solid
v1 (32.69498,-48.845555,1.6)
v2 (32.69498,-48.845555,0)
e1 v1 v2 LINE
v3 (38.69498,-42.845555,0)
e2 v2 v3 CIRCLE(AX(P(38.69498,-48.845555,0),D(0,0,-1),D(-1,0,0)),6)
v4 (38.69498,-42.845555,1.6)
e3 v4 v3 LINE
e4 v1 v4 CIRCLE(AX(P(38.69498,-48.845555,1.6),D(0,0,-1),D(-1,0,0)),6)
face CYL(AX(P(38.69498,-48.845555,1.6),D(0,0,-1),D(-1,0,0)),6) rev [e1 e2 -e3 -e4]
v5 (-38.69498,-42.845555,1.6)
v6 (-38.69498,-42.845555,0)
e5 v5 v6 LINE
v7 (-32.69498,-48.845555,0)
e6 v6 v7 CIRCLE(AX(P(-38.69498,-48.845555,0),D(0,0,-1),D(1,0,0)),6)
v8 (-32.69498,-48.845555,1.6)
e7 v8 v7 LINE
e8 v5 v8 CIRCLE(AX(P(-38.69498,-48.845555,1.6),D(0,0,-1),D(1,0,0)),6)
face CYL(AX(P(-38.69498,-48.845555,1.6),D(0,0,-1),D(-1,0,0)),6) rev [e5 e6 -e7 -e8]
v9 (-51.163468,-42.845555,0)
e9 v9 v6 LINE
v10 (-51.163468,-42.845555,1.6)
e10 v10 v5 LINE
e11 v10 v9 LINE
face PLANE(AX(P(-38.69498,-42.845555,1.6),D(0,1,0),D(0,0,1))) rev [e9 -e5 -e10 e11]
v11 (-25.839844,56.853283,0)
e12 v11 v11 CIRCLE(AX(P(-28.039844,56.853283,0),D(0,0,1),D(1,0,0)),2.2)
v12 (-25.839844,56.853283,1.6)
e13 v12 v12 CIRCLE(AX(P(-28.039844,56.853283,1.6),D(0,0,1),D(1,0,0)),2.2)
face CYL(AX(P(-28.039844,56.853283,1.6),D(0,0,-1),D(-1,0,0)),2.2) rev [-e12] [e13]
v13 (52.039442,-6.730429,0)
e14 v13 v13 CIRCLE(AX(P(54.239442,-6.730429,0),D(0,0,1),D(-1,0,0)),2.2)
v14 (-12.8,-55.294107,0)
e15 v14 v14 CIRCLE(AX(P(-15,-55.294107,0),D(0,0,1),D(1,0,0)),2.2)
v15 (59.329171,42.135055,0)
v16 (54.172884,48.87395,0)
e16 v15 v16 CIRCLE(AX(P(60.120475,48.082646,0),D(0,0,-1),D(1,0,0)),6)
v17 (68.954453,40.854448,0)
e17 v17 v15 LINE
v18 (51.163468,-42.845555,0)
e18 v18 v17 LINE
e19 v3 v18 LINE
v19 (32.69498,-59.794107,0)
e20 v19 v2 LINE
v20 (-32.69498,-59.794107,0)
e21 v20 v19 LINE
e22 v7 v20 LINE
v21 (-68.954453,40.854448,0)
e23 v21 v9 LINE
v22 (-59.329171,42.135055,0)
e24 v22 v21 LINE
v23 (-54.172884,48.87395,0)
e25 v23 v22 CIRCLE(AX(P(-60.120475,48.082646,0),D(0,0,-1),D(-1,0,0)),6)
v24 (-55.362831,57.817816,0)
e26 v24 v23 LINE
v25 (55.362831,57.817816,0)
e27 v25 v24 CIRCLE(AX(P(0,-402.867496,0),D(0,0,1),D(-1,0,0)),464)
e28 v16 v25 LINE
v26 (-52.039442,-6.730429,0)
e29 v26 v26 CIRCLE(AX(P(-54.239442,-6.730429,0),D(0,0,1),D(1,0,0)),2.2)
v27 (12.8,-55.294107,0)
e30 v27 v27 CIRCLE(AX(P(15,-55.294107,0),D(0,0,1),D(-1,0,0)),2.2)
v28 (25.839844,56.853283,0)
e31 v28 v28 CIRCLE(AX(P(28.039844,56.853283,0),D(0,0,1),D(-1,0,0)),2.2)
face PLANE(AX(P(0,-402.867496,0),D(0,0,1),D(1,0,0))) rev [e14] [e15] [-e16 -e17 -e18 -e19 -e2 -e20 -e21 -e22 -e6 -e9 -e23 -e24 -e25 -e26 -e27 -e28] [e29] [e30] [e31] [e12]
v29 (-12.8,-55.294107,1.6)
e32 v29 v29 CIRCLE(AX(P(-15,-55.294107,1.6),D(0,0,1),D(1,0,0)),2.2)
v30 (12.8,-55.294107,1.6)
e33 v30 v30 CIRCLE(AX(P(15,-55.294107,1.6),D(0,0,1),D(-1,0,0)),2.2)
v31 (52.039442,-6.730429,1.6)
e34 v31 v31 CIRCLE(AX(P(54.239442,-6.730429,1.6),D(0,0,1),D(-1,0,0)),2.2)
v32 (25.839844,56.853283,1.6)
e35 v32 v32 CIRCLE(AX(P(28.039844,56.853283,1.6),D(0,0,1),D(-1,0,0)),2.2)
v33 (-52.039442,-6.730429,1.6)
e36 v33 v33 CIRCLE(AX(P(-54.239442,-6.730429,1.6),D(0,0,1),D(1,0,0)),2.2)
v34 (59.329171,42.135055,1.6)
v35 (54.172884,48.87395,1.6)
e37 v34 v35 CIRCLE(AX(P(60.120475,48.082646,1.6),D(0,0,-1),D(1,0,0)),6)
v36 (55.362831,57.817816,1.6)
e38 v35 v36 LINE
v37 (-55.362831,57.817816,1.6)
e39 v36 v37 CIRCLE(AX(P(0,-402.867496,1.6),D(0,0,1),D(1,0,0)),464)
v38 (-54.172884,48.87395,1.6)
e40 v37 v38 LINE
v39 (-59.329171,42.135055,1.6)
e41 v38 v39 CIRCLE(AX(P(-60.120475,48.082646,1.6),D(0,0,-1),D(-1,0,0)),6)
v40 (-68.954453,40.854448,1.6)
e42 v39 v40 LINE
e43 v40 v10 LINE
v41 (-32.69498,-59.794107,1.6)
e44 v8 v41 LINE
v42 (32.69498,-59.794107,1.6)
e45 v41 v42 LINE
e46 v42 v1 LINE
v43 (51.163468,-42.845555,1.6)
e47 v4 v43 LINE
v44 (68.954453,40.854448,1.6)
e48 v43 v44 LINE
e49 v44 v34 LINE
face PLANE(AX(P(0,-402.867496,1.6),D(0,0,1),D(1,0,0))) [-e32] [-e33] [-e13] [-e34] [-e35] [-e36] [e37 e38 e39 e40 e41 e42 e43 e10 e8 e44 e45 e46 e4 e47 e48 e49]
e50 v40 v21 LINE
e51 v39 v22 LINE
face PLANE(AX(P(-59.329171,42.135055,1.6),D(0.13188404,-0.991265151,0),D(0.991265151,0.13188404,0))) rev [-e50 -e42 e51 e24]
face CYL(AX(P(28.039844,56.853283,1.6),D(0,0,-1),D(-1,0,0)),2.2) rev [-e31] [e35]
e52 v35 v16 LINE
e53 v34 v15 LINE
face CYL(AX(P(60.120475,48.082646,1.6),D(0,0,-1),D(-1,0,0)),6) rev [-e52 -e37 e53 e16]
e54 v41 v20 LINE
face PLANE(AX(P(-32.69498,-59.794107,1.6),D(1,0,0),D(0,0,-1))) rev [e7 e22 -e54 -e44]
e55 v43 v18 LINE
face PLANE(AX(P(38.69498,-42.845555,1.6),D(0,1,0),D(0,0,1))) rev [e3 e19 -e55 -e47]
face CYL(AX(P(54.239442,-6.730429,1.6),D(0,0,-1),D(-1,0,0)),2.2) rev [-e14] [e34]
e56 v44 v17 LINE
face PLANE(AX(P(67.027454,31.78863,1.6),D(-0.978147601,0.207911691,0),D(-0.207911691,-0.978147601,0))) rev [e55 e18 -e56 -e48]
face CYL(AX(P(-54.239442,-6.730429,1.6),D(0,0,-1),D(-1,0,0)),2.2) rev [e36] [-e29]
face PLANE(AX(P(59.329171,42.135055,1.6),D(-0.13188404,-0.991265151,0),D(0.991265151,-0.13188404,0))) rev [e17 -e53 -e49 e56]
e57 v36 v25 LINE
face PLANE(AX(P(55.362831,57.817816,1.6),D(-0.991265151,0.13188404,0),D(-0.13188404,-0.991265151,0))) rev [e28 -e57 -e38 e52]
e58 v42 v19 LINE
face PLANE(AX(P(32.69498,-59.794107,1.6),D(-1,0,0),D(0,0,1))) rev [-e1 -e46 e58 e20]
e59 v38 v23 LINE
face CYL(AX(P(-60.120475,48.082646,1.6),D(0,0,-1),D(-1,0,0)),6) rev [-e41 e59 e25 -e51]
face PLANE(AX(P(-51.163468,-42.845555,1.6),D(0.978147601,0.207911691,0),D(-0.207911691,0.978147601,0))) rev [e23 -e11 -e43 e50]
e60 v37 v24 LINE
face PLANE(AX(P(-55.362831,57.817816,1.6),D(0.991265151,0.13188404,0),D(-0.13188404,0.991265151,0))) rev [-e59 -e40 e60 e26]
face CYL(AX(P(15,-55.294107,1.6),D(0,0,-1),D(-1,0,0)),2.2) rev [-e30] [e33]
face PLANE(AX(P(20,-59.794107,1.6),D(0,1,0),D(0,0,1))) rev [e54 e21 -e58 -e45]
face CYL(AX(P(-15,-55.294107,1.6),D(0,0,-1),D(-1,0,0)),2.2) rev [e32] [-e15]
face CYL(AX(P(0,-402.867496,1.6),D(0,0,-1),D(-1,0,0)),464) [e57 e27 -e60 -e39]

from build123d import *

# Parameters (mm, degrees)
SKETCH1_R           = 2.2
BOSS_EXTRUDE1_DEPTH = 1.6


with BuildPart() as part:
    # Sketch1 → Boss-Extrude1 (new body)
    with BuildSketch(Plane.XY):
        with BuildLine():
            Line((-55.362831431, 57.817815724), (-54.172884307, 48.873950258))
            ThreePointArc((-54.172884307, 48.873950258), (-55.355356756, 44.436600749), (-59.329170971, 42.135055108))
            Line((-59.329170971, 42.135055108), (-68.954453082, 40.854448103))
            Line((-68.954453082, 40.854448103), (-67.027453941, 31.788629925))
            Line((-67.027453941, 31.788629925), (-57.601548228, -12.556769902))
            Line((-57.601548228, -12.556769902), (-51.163468122, -42.845555417))
            Line((-51.163468122, -42.845555417), (-38.694980354, -42.845555417))
            ThreePointArc((-38.694980354, -42.845555417), (-34.452339666, -44.60291473), (-32.694980354, -48.845555417))
            Line((-32.694980354, -48.845555417), (-32.694980354, -59.794106668))
            Line((-32.694980354, -59.794106668), (-20, -59.794106668))
            Line((-20, -59.794106668), (0, -59.794106668))
            Line((0, -59.794106668), (20, -59.794106668))
            Line((20, -59.794106668), (32.694980354, -59.794106668))
            Line((32.694980354, -59.794106668), (32.694980354, -48.845555417))
            ThreePointArc((32.694980354, -48.845555417), (34.452339666, -44.60291473), (38.694980354, -42.845555417))
            Line((38.694980354, -42.845555417), (51.163468122, -42.845555417))
            Line((51.163468122, -42.845555417), (57.601548228, -12.556769902))
            Line((57.601548228, -12.556769902), (67.027453941, 31.788629925))
            Line((67.027453941, 31.788629925), (68.954453082, 40.854448103))
            Line((68.954453082, 40.854448103), (59.329170971, 42.135055108))
            ThreePointArc((59.329170971, 42.135055108), (55.355356756, 44.436600749), (54.172884307, 48.873950258))
            Line((54.172884307, 48.873950258), (55.362831431, 57.817815724))
            ThreePointArc((55.362831431, 57.817815724), (27.730985644, 60.303090258), (0, 61.132503503))
            ThreePointArc((0, 61.132503503), (-27.730985644, 60.303090258), (-55.362831431, 57.817815724))
        make_face()
        with Locations((-28.039843587, 56.853282526)):
            Circle(SKETCH1_R, mode=Mode.SUBTRACT)
        with Locations((-54.239442479, -6.730429289)):
            Circle(SKETCH1_R, mode=Mode.SUBTRACT)
        with Locations((-15, -55.294106668)):
            Circle(SKETCH1_R, mode=Mode.SUBTRACT)
        with Locations(Location((15, -55.294106668, 0), (0, 0, 180))):
            Circle(SKETCH1_R, mode=Mode.SUBTRACT)
        with Locations(Location((54.239442479, -6.730429289, 0), (0, 0, 180))):
            Circle(SKETCH1_R, mode=Mode.SUBTRACT)
        with Locations(Location((28.039843587, 56.853282526, 0), (0, 0, 180))):
            Circle(SKETCH1_R, mode=Mode.SUBTRACT)
    extrude(amount=BOSS_EXTRUDE1_DEPTH)


solid = part.part
